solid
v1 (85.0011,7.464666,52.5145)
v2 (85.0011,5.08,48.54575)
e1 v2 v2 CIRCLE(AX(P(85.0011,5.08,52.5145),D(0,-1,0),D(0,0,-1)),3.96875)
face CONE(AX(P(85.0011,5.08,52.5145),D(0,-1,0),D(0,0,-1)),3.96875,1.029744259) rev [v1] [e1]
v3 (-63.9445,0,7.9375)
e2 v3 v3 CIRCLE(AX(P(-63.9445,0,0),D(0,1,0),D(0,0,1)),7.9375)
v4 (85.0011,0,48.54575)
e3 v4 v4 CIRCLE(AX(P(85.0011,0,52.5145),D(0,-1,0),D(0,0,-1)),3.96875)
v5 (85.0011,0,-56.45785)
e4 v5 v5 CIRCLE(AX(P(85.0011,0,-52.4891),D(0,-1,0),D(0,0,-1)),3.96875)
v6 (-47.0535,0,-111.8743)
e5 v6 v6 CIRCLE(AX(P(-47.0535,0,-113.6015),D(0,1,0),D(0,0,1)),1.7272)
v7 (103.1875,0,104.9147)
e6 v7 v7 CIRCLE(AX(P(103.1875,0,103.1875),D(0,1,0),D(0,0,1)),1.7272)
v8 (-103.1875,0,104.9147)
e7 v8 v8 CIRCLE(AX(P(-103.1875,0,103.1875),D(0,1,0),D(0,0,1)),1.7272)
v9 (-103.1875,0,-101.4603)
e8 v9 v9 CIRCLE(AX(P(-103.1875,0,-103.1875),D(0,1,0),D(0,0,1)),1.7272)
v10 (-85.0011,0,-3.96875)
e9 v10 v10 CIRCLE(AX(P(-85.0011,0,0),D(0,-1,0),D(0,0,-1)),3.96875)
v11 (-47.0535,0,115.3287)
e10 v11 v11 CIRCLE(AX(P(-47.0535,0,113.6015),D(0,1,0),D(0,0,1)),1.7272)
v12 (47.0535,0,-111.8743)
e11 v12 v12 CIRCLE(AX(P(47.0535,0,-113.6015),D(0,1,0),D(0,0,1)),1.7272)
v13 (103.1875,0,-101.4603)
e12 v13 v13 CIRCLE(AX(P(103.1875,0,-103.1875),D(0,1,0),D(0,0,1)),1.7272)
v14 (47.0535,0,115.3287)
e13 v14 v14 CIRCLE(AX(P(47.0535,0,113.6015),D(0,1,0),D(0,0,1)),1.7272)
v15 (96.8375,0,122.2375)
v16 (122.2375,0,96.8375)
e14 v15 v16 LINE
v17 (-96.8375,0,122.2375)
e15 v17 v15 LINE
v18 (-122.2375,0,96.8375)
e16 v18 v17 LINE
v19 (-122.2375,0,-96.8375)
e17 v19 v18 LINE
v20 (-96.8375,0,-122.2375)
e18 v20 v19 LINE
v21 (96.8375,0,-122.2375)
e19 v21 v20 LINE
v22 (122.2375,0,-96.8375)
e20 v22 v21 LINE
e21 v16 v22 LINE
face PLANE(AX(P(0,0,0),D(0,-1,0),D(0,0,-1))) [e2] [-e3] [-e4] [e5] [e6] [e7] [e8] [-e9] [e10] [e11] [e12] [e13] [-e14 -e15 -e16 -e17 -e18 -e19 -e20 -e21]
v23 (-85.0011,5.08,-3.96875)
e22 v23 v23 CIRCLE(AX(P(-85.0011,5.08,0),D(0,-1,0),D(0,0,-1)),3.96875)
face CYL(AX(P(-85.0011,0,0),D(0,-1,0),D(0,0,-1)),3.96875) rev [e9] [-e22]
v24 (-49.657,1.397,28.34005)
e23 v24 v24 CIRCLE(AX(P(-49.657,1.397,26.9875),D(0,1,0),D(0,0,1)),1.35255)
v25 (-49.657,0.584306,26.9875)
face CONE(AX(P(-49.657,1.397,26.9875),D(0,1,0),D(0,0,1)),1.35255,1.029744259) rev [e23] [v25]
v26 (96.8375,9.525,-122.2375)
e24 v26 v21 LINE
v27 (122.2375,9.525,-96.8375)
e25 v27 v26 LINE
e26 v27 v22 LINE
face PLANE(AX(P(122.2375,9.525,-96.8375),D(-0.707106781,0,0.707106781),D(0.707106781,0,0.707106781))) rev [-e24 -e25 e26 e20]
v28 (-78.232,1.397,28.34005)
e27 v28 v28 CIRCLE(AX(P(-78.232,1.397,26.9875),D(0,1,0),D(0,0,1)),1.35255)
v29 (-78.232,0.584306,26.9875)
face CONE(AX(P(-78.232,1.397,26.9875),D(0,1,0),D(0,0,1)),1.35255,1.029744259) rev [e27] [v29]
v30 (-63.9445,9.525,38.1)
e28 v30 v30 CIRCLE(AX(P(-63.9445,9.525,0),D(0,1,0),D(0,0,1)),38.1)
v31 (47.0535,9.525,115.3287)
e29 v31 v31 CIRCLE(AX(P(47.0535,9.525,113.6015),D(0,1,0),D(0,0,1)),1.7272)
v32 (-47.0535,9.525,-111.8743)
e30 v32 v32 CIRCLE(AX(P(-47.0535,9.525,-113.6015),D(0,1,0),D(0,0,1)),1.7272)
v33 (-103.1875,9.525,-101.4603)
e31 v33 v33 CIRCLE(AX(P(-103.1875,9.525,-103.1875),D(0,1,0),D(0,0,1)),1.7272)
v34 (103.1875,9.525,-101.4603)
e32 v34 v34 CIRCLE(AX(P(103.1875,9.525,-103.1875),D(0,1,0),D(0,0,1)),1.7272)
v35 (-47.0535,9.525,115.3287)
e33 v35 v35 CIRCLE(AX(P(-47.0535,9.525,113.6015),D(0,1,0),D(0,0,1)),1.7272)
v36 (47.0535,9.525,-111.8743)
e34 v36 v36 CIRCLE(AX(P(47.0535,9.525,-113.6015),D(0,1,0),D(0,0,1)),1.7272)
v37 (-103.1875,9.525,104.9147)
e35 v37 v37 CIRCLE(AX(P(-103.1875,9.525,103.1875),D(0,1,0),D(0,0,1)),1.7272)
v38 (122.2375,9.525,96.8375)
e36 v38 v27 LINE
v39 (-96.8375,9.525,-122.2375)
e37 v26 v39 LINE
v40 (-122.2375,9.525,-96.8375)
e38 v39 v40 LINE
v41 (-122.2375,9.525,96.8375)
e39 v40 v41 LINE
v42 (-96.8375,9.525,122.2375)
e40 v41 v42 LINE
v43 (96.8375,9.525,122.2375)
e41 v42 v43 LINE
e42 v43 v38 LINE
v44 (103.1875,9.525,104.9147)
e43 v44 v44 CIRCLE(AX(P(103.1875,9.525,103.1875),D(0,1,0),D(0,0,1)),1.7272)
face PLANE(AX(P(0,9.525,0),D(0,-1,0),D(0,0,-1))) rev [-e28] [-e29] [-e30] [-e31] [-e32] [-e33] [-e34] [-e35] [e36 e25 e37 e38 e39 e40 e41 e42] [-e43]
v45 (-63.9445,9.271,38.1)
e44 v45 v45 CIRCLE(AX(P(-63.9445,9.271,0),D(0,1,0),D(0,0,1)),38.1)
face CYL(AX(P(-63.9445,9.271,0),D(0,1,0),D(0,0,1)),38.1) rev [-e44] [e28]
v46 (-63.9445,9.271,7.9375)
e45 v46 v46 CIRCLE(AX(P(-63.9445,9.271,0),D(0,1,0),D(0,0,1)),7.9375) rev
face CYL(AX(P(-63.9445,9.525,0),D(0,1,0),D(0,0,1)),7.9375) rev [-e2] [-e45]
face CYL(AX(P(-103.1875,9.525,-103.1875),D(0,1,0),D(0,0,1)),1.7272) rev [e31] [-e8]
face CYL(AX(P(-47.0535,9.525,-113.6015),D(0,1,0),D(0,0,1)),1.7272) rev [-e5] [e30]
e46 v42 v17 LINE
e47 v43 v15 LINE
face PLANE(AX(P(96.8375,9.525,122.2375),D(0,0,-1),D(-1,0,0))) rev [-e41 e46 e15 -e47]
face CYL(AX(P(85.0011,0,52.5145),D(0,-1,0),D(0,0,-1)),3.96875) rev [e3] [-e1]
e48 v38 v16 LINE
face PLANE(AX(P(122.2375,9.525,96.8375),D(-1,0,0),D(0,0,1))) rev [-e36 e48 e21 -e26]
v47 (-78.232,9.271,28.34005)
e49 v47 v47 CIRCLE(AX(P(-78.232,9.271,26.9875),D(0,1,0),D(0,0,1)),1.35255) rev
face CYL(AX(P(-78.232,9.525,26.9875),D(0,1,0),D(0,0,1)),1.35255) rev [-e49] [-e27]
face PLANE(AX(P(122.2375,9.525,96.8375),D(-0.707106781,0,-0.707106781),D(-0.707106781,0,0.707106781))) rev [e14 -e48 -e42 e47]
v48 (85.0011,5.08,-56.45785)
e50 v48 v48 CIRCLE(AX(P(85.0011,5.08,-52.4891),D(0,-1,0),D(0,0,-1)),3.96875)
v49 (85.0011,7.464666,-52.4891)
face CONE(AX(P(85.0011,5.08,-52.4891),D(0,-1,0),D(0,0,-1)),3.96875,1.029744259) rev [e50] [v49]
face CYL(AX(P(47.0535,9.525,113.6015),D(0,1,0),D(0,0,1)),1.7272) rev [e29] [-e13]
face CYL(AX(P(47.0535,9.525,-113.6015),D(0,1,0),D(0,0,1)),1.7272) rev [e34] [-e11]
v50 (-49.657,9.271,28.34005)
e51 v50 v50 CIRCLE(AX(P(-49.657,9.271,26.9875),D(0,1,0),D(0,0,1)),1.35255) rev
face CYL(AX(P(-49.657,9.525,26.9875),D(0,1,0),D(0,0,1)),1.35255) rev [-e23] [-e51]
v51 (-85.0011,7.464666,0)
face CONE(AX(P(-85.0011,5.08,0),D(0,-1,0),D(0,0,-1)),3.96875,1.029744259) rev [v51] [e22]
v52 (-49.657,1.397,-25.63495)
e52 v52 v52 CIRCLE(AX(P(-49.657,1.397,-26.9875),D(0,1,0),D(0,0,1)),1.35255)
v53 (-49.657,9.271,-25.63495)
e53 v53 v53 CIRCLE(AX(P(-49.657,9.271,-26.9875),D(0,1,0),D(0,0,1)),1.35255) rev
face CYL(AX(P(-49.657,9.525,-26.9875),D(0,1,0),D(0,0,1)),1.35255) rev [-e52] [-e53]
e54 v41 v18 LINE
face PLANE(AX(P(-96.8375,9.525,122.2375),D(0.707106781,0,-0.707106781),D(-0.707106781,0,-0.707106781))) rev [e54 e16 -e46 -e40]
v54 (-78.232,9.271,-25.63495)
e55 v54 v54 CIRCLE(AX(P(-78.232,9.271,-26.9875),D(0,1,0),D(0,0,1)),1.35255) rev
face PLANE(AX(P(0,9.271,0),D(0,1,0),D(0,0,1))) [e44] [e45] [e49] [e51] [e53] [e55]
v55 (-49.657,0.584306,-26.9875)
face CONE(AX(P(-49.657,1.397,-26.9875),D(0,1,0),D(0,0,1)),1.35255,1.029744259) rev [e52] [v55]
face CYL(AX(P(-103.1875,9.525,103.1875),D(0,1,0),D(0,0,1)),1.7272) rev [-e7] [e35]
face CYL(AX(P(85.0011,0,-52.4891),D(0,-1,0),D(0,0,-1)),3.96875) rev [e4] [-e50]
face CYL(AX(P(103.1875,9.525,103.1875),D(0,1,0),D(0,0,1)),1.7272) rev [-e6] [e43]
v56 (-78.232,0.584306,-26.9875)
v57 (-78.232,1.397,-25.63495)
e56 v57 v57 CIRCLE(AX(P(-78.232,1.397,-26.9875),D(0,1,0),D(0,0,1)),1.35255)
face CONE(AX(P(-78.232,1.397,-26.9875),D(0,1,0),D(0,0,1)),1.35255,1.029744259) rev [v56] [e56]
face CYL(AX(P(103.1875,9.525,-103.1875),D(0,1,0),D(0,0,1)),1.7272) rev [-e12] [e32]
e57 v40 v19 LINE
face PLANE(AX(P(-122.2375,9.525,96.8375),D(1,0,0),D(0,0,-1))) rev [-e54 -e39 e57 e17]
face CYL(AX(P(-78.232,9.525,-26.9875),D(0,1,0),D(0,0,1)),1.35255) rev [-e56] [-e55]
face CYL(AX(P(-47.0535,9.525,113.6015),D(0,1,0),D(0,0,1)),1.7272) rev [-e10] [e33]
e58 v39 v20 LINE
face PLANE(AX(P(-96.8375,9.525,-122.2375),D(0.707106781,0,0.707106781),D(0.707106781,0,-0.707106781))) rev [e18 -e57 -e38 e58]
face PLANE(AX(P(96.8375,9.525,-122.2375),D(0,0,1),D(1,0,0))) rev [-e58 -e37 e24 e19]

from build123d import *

# Parameters (mm, degrees)
BOSS_EXTRUDE1_DEPTH                = 9.525
F_8_32_TAPPED_HOLE1_D              = 3.4544
F_5_8_0_625_DIAMETER_HOLE1_D       = 15.875
F_6_32_TAPPED_HOLE1_D              = 2.7051
F_6_32_TAPPED_HOLE1_DEPTH          = 8.128
F_6_32_TAPPED_HOLE1_TIP            = 0.81269403
SKETCH8_R                          = 38.1
SKETCH8_R_2                        = 1.35255
SKETCH8_R_3                        = 7.9375
CUT_EXTRUDE1_DEPTH                 = 0.254
F_8_32_TAPPED_HOLE2_D              = 3.4544
F_5_16_0_3125_DIAMETER_HOLE1_D     = 7.9375
F_5_16_0_3125_DIAMETER_HOLE1_DEPTH = 5.08
F_5_16_0_3125_DIAMETER_HOLE1_TIP   = 2.384665582


with BuildPart() as part:
    # Sketch1 → Boss-Extrude1 (new body)
    with BuildSketch(Plane(origin=(0, 0, 0), x_dir=(1, 0, 0), z_dir=(0, 1, 0))):
        Polygon((-96.8375, 122.2375), (-122.2375, 96.8375), (-122.2375, -96.8375), (-96.8375, -122.2375), (96.8375, -122.2375), (122.2375, -96.8375), (122.2375, 96.8375), (96.8375, 122.2375), align=None)
    extrude(amount=BOSS_EXTRUDE1_DEPTH)

    # #8-32 Tapped Hole1 (through all)
    with Locations(Plane(origin=(0, 9.525, 0), x_dir=(1, 0, 0), z_dir=(0, 1, 0))):
        with Locations((-47.0535, 113.6015), (47.0535, 113.6015), (47.0535, -113.6015), (-47.0535, -113.6015)):
            Hole(F_8_32_TAPPED_HOLE1_D / 2)

    # 5/8 (0.625) Diameter Hole1 (through all)
    with Locations(Plane(origin=(0, 9.525, 0), x_dir=(1, 0, 0), z_dir=(0, 1, 0))):
        with Locations((-63.9445, 0)):
            Hole(F_5_8_0_625_DIAMETER_HOLE1_D / 2)

    # #6-32 Tapped Hole1
    with Locations(Plane(origin=(0, 9.525, 0), x_dir=(1, 0, 0), z_dir=(0, 1, 0))):
        with Locations((-78.232, -26.9875), (-49.657, -26.9875), (-49.657, 26.9875), (-78.232, 26.9875)):
            Hole(F_6_32_TAPPED_HOLE1_D / 2, depth=F_6_32_TAPPED_HOLE1_DEPTH)
            with Locations((0, 0, -(F_6_32_TAPPED_HOLE1_DEPTH + F_6_32_TAPPED_HOLE1_TIP / 2))):  # 118° drill point
                Cone(0, F_6_32_TAPPED_HOLE1_D / 2, F_6_32_TAPPED_HOLE1_TIP, mode=Mode.SUBTRACT)

    # Sketch8 → Cut-Extrude1 (cut)
    with BuildSketch(Plane(origin=(0, 9.525, 0), x_dir=(1, 0, 0), z_dir=(0, 1, 0))):
        with Locations(Location((-63.9445, 0, 0), (0, 0, 270))):  # turned: the seam where the file's is
            Circle(SKETCH8_R)
        with Locations(Location((-78.232, -26.9875, 0), (0, 0, 270))):  # turned: the seam where the file's is
            Circle(SKETCH8_R_2, mode=Mode.SUBTRACT)
        with Locations(Location((-49.657, 26.9875, 0), (0, 0, 270))):  # turned: the seam where the file's is
            Circle(SKETCH8_R_2, mode=Mode.SUBTRACT)
        with Locations(Location((-63.9445, 0, 0), (0, 0, 270))):  # turned: the seam where the file's is
            Circle(SKETCH8_R_3, mode=Mode.SUBTRACT)
        with Locations(Location((-78.232, 26.9875, 0), (0, 0, 270))):  # turned: the seam where the file's is
            Circle(SKETCH8_R_2, mode=Mode.SUBTRACT)
        with Locations(Location((-49.657, -26.9875, 0), (0, 0, 270))):  # turned: the seam where the file's is
            Circle(SKETCH8_R_2, mode=Mode.SUBTRACT)
    extrude(amount=-CUT_EXTRUDE1_DEPTH, mode=Mode.SUBTRACT)

    # #8-32 Tapped Hole2 (through all)
    with Locations(Plane(origin=(0, 9.525, 0), x_dir=(1, 0, 0), z_dir=(0, 1, 0))):
        with Locations((-103.1875, 103.1875), (103.1875, 103.1875), (103.1875, -103.1875), (-103.1875, -103.1875)):
            Hole(F_8_32_TAPPED_HOLE2_D / 2)

    # 5/16 (0.3125) Diameter Hole1
    with Locations(Plane(origin=(0, 0, 0), x_dir=(-1, 0, 0), z_dir=(0, -1, 0))):
        with Locations((85.0011, 0), (-85.0011, -52.5145), (-85.0011, 52.4891)):
            Hole(F_5_16_0_3125_DIAMETER_HOLE1_D / 2, depth=F_5_16_0_3125_DIAMETER_HOLE1_DEPTH)
            with Locations((0, 0, -(F_5_16_0_3125_DIAMETER_HOLE1_DEPTH + F_5_16_0_3125_DIAMETER_HOLE1_TIP / 2))):  # 118° drill point
                Cone(0, F_5_16_0_3125_DIAMETER_HOLE1_D / 2, F_5_16_0_3125_DIAMETER_HOLE1_TIP, mode=Mode.SUBTRACT)


solid = part.part
